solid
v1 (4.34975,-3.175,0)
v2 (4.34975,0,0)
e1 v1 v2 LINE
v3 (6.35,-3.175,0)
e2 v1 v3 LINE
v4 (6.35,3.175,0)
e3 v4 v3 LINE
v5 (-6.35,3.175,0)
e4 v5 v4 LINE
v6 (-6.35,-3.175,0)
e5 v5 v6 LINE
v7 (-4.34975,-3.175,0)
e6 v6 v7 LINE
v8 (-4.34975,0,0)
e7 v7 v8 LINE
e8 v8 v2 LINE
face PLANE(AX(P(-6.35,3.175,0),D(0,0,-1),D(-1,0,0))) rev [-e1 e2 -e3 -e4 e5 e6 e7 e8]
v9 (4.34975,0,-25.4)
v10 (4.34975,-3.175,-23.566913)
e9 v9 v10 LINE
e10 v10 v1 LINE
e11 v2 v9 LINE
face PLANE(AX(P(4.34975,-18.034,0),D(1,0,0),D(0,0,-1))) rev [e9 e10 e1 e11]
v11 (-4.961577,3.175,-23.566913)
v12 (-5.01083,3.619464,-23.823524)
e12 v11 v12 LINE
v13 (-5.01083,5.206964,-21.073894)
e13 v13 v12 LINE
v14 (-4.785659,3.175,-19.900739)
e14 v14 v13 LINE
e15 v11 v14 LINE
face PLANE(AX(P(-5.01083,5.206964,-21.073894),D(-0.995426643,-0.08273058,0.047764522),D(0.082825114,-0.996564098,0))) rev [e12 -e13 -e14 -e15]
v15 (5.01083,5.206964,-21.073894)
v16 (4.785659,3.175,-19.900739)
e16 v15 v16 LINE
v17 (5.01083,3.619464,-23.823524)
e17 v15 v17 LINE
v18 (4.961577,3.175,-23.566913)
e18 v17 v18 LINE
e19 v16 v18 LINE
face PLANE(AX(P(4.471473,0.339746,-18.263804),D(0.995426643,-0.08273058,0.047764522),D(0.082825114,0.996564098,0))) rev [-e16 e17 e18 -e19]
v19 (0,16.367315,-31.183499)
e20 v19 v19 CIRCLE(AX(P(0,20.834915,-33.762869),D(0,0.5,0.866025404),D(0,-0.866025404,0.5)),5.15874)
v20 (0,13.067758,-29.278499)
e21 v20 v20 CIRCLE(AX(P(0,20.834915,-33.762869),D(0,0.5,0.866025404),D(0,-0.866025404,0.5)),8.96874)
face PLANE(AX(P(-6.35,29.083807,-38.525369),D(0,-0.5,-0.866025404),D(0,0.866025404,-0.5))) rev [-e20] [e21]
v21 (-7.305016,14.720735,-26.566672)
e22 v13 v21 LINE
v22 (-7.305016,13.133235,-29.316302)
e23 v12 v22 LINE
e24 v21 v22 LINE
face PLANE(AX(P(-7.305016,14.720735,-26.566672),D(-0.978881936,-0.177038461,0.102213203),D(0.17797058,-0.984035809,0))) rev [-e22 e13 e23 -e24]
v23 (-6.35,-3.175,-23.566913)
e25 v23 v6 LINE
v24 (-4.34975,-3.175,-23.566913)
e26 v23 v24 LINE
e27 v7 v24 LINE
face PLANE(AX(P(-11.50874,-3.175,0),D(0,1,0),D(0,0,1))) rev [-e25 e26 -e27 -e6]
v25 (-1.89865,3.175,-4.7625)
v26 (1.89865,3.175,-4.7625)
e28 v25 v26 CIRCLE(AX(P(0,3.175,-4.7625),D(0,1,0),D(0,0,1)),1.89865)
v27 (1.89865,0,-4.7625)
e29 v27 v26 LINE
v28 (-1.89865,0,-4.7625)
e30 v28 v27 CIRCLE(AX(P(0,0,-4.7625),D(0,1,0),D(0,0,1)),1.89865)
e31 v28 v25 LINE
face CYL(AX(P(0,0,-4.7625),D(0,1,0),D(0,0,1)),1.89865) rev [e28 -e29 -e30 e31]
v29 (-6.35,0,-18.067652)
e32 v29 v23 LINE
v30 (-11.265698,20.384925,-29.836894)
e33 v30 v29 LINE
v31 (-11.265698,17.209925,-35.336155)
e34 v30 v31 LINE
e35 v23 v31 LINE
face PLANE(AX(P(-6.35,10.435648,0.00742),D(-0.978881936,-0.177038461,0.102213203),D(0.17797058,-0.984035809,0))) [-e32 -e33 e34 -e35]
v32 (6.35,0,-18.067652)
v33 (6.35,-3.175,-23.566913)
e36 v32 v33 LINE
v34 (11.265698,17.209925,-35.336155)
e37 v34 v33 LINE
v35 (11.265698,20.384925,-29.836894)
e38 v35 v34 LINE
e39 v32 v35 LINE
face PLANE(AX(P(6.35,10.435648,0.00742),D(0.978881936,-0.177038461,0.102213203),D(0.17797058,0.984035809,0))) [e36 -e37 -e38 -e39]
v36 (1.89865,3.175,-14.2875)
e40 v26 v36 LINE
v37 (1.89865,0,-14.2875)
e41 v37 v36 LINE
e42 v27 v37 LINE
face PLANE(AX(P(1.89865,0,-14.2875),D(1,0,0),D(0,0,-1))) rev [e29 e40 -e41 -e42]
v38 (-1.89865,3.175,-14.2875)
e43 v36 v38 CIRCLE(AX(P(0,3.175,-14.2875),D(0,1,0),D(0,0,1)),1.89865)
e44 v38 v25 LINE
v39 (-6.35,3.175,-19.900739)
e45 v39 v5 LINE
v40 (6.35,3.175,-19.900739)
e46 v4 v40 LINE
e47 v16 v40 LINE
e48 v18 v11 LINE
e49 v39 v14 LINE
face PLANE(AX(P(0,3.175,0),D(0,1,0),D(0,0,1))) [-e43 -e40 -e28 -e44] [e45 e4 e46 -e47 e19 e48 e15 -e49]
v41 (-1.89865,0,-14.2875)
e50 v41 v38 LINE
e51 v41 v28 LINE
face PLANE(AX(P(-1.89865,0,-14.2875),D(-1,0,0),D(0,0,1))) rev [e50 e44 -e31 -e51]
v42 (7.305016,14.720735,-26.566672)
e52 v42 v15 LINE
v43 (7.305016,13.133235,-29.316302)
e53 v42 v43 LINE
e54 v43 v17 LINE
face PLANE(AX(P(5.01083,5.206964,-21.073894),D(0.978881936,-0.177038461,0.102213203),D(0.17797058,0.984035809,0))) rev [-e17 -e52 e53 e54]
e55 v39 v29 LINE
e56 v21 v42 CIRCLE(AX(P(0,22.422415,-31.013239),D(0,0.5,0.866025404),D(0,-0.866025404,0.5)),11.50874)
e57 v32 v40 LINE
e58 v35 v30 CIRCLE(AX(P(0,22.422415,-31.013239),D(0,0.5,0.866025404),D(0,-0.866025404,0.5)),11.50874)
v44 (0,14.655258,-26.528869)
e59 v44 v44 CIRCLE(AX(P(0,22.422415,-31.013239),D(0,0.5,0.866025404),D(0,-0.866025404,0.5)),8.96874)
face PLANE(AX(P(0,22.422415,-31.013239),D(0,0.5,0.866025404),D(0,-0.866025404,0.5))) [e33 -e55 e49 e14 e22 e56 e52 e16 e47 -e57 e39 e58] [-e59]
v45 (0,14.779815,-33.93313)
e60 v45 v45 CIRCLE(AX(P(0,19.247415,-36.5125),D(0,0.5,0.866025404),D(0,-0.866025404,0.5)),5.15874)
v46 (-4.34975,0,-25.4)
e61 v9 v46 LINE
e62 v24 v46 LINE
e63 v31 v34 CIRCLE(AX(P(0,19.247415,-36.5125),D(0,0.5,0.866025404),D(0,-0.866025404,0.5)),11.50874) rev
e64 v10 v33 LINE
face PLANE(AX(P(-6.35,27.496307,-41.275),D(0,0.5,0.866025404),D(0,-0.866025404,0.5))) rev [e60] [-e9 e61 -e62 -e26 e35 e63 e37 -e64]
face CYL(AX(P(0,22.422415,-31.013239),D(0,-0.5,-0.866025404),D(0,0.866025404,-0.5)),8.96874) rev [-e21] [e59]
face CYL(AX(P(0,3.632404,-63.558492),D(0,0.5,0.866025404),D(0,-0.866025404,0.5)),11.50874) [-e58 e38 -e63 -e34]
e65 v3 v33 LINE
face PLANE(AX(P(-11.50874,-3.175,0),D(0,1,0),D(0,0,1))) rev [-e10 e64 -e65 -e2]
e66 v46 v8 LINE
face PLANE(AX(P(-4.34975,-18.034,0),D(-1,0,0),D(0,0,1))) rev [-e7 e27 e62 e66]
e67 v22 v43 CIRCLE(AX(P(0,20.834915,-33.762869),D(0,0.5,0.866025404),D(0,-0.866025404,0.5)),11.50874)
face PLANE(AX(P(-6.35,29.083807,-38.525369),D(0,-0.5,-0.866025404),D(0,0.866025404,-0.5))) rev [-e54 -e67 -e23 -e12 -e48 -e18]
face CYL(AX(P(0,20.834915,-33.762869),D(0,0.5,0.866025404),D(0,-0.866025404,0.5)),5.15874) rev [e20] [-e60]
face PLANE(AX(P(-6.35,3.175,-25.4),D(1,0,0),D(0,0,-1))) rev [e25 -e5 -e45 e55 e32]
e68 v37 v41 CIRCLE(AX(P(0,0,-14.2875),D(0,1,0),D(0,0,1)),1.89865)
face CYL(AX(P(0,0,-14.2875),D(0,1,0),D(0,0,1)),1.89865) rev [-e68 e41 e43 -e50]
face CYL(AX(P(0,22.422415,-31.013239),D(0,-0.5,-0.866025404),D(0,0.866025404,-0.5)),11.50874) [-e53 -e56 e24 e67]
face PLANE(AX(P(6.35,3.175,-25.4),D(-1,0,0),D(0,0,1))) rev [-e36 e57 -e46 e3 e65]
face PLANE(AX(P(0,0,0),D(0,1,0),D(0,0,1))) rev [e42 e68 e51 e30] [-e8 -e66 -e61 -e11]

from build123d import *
from build123d.topology import SkipClean

# Parameters (mm, degrees)
SKETCH1_W               = 12.7
SKETCH1_H               = 25.4
BOSS_EXTRUDE1_DEPTH     = 3.175
SKETCH17_W              = 12.7
SKETCH17_H              = 3.175
BOSS_EXTRUDE5_DEPTH     = 31.75
F_3_8_CLEARANCE_HOLE1_D = 10.31748
BOSS_EXTRUDE6_DEPTH     = 3.175
CUT_EXTRUDE4_DEPTH      = 52.789749346
SKETCH31_W              = 2.00025
SKETCH31_H              = 25.4
BOSS_EXTRUDE9_DEPTH     = 18.034
CUT_EXTRUDE6_DEPTH      = 54.550805677
CUT_EXTRUDE6_DEPTH_BACK = 54.550805677
BOSS_EXTRUDE10_START    = -3.175
BOSS_EXTRUDE10_DEPTH    = 3.175
BOSS_EXTRUDE11_START    = 3.175
BOSS_EXTRUDE11_DEPTH    = 3.175


with BuildPart() as part:
    # Sketch1 → Boss-Extrude1 (new body)
    with BuildSketch(Plane(origin=(0, 0, 0), x_dir=(1, 0, 0), z_dir=(0, 1, 0))):
        with Locations((0, 12.7)):
            Rectangle(SKETCH1_W, SKETCH1_H)
    extrude(amount=BOSS_EXTRUDE1_DEPTH)

    # Sketch17 → Boss-Extrude5 (add)
    with BuildSketch(Plane(origin=(0, 10.998522628, -6.35), x_dir=(-1, 0, 0), z_dir=(0, 0.866025403784438, -0.500000000000001))):
        with Locations((0, -20.409545256)):
            Rectangle(SKETCH17_W, SKETCH17_H)
    extrude(amount=BOSS_EXTRUDE5_DEPTH)

    # 3/8 Clearance Hole1 (through all)
    with Locations(Plane(origin=(0, -9.411022628, -16.300369343), x_dir=(1, 0, 0), z_dir=(0, 0.5000000000000011, 0.8660254037844379))):
        with Locations((0, 34.925)):
            Hole(F_3_8_CLEARANCE_HOLE1_D / 2)

    # Sketch26 → Boss-Extrude6 (add)
    with BuildSketch(Plane(origin=(0, -9.411022628, -16.300369343), x_dir=(1, 0, 0), z_dir=(0, 0.5000000000000011, 0.8660254037844379))):
        with BuildLine():
            ThreePointArc((6.35, 25.326635744), (10.137346679, 29.47657833), (11.50874, 34.925))
            ThreePointArc((11.50874, 34.925), (-5.44842167, 45.062346679), (-6.35, 25.326635744))
            Line((-6.35, 25.326635744), (-6.35, 44.45))
            Line((-6.35, 44.45), (6.35, 44.45))
            Line((6.35, 44.45), (6.35, 25.326635744))
        make_face()
    extrude(amount=-BOSS_EXTRUDE6_DEPTH)

    # Sketch27 → Cut-Extrude4 (cut, through all)
    with BuildSketch(Plane(origin=(0, 3.175, 0), x_dir=(1, 0, 0), z_dir=(0, 1, 0))):
        with BuildLine():
            Line((1.89865, 14.2875), (1.89865, 4.7625))
            ThreePointArc((1.89865, 4.7625), (0, 2.86385), (-1.89865, 4.7625))
            Line((-1.89865, 4.7625), (-1.89865, 14.2875))
            ThreePointArc((-1.89865, 14.2875), (0, 16.18615), (1.89865, 14.2875))
        make_face()
    extrude(amount=-CUT_EXTRUDE4_DEPTH, mode=Mode.SUBTRACT)

    # Sketch31 → Boss-Extrude9 (add)
    with BuildSketch(Plane.XZ):
        with Locations((-5.349875, -12.7)):
            Rectangle(SKETCH31_W, SKETCH31_H)
        with Locations((5.349875, -12.7)):
            Rectangle(SKETCH31_W, SKETCH31_H)
    extrude(amount=BOSS_EXTRUDE9_DEPTH)

    # Sketch32 → Cut-Extrude6 (cut, two sides: drawn at the far end of the back side and taken through both)
    with BuildSketch(Plane(origin=(0, 0, 0), x_dir=(0, 0, -1), z_dir=(1, 0, 0)).offset(-CUT_EXTRUDE6_DEPTH_BACK)):
        Polygon((0, -3.175), (23.566912895, -3.175), (25.4, 0), (41.090286181, -22.96252164), (-8.953256295, -22.624237032), align=None)
    extrude(amount=CUT_EXTRUDE6_DEPTH + CUT_EXTRUDE6_DEPTH_BACK, mode=Mode.SUBTRACT)

    # Sketch35 → Boss-Extrude10 (add)
    with BuildSketch(Plane(origin=(0, -10.998522628, -19.05), x_dir=(-1, 0, 0), z_dir=(0, -0.5000000000000012, -0.866025403784438)).offset(BOSS_EXTRUDE10_START)):
        with BuildLine():
            Line((-6.35, 9.033825791), (-11.26569769, 32.572309637))
            ThreePointArc((-11.26569769, 32.572309637), (-9.523820075, 28.463734832), (-6.35, 25.326635744))
            Line((-6.35, 25.326635744), (-6.35, 9.033825791))
        make_face()
        with BuildLine():
            Line((6.35, 9.033825791), (11.26569769, 32.572309637))
            ThreePointArc((11.26569769, 32.572309637), (9.523820075, 28.463734832), (6.35, 25.326635744))
            Line((6.35, 25.326635744), (6.35, 9.033825791))
        make_face()
    extrude(amount=BOSS_EXTRUDE10_DEPTH)

    # Sketch36 → Boss-Extrude11 (add)
    with SkipClean():  # the faces are left unmerged after this step: merging them gives an invalid solid
        with BuildSketch(Plane(origin=(0, -9.411022628, -16.300369343), x_dir=(1, 0, 0), z_dir=(0, 0.500000000000001, 0.8660254037844382)).offset(BOSS_EXTRUDE11_START)):
            with BuildLine():
                Line((-5.010829857, 15.04630998), (-4.471472861, 9.426131072))
                Line((-4.471472861, 9.426131072), (-6.35, 9.033825791))
                Line((-6.35, 9.033825791), (-11.26569769, 32.572309637))
                ThreePointArc((-11.26569769, 32.572309637), (0, 46.43374), (11.26569769, 32.572309637))
                Line((11.26569769, 32.572309637), (6.35, 9.033825791))
                Line((6.35, 9.033825791), (4.471472861, 9.426131072))
                Line((4.471472861, 9.426131072), (5.010829857, 15.04630998))
                Line((5.010829857, 15.04630998), (7.30501638, 26.031866015))
                ThreePointArc((7.30501638, 26.031866015), (0, 23.41626), (-7.30501638, 26.031866015))
                Line((-7.30501638, 26.031866015), (-5.010829857, 15.04630998))
            make_face()
            with BuildLine():
                ThreePointArc((-8.779337573, 33.09155271), (0, 25.95626), (8.779337573, 33.09155271))
                ThreePointArc((8.779337573, 33.09155271), (0, 43.89374), (-8.779337573, 33.09155271))
            make_face(mode=Mode.SUBTRACT)
        extrude(amount=-BOSS_EXTRUDE11_DEPTH)


solid = part.part
